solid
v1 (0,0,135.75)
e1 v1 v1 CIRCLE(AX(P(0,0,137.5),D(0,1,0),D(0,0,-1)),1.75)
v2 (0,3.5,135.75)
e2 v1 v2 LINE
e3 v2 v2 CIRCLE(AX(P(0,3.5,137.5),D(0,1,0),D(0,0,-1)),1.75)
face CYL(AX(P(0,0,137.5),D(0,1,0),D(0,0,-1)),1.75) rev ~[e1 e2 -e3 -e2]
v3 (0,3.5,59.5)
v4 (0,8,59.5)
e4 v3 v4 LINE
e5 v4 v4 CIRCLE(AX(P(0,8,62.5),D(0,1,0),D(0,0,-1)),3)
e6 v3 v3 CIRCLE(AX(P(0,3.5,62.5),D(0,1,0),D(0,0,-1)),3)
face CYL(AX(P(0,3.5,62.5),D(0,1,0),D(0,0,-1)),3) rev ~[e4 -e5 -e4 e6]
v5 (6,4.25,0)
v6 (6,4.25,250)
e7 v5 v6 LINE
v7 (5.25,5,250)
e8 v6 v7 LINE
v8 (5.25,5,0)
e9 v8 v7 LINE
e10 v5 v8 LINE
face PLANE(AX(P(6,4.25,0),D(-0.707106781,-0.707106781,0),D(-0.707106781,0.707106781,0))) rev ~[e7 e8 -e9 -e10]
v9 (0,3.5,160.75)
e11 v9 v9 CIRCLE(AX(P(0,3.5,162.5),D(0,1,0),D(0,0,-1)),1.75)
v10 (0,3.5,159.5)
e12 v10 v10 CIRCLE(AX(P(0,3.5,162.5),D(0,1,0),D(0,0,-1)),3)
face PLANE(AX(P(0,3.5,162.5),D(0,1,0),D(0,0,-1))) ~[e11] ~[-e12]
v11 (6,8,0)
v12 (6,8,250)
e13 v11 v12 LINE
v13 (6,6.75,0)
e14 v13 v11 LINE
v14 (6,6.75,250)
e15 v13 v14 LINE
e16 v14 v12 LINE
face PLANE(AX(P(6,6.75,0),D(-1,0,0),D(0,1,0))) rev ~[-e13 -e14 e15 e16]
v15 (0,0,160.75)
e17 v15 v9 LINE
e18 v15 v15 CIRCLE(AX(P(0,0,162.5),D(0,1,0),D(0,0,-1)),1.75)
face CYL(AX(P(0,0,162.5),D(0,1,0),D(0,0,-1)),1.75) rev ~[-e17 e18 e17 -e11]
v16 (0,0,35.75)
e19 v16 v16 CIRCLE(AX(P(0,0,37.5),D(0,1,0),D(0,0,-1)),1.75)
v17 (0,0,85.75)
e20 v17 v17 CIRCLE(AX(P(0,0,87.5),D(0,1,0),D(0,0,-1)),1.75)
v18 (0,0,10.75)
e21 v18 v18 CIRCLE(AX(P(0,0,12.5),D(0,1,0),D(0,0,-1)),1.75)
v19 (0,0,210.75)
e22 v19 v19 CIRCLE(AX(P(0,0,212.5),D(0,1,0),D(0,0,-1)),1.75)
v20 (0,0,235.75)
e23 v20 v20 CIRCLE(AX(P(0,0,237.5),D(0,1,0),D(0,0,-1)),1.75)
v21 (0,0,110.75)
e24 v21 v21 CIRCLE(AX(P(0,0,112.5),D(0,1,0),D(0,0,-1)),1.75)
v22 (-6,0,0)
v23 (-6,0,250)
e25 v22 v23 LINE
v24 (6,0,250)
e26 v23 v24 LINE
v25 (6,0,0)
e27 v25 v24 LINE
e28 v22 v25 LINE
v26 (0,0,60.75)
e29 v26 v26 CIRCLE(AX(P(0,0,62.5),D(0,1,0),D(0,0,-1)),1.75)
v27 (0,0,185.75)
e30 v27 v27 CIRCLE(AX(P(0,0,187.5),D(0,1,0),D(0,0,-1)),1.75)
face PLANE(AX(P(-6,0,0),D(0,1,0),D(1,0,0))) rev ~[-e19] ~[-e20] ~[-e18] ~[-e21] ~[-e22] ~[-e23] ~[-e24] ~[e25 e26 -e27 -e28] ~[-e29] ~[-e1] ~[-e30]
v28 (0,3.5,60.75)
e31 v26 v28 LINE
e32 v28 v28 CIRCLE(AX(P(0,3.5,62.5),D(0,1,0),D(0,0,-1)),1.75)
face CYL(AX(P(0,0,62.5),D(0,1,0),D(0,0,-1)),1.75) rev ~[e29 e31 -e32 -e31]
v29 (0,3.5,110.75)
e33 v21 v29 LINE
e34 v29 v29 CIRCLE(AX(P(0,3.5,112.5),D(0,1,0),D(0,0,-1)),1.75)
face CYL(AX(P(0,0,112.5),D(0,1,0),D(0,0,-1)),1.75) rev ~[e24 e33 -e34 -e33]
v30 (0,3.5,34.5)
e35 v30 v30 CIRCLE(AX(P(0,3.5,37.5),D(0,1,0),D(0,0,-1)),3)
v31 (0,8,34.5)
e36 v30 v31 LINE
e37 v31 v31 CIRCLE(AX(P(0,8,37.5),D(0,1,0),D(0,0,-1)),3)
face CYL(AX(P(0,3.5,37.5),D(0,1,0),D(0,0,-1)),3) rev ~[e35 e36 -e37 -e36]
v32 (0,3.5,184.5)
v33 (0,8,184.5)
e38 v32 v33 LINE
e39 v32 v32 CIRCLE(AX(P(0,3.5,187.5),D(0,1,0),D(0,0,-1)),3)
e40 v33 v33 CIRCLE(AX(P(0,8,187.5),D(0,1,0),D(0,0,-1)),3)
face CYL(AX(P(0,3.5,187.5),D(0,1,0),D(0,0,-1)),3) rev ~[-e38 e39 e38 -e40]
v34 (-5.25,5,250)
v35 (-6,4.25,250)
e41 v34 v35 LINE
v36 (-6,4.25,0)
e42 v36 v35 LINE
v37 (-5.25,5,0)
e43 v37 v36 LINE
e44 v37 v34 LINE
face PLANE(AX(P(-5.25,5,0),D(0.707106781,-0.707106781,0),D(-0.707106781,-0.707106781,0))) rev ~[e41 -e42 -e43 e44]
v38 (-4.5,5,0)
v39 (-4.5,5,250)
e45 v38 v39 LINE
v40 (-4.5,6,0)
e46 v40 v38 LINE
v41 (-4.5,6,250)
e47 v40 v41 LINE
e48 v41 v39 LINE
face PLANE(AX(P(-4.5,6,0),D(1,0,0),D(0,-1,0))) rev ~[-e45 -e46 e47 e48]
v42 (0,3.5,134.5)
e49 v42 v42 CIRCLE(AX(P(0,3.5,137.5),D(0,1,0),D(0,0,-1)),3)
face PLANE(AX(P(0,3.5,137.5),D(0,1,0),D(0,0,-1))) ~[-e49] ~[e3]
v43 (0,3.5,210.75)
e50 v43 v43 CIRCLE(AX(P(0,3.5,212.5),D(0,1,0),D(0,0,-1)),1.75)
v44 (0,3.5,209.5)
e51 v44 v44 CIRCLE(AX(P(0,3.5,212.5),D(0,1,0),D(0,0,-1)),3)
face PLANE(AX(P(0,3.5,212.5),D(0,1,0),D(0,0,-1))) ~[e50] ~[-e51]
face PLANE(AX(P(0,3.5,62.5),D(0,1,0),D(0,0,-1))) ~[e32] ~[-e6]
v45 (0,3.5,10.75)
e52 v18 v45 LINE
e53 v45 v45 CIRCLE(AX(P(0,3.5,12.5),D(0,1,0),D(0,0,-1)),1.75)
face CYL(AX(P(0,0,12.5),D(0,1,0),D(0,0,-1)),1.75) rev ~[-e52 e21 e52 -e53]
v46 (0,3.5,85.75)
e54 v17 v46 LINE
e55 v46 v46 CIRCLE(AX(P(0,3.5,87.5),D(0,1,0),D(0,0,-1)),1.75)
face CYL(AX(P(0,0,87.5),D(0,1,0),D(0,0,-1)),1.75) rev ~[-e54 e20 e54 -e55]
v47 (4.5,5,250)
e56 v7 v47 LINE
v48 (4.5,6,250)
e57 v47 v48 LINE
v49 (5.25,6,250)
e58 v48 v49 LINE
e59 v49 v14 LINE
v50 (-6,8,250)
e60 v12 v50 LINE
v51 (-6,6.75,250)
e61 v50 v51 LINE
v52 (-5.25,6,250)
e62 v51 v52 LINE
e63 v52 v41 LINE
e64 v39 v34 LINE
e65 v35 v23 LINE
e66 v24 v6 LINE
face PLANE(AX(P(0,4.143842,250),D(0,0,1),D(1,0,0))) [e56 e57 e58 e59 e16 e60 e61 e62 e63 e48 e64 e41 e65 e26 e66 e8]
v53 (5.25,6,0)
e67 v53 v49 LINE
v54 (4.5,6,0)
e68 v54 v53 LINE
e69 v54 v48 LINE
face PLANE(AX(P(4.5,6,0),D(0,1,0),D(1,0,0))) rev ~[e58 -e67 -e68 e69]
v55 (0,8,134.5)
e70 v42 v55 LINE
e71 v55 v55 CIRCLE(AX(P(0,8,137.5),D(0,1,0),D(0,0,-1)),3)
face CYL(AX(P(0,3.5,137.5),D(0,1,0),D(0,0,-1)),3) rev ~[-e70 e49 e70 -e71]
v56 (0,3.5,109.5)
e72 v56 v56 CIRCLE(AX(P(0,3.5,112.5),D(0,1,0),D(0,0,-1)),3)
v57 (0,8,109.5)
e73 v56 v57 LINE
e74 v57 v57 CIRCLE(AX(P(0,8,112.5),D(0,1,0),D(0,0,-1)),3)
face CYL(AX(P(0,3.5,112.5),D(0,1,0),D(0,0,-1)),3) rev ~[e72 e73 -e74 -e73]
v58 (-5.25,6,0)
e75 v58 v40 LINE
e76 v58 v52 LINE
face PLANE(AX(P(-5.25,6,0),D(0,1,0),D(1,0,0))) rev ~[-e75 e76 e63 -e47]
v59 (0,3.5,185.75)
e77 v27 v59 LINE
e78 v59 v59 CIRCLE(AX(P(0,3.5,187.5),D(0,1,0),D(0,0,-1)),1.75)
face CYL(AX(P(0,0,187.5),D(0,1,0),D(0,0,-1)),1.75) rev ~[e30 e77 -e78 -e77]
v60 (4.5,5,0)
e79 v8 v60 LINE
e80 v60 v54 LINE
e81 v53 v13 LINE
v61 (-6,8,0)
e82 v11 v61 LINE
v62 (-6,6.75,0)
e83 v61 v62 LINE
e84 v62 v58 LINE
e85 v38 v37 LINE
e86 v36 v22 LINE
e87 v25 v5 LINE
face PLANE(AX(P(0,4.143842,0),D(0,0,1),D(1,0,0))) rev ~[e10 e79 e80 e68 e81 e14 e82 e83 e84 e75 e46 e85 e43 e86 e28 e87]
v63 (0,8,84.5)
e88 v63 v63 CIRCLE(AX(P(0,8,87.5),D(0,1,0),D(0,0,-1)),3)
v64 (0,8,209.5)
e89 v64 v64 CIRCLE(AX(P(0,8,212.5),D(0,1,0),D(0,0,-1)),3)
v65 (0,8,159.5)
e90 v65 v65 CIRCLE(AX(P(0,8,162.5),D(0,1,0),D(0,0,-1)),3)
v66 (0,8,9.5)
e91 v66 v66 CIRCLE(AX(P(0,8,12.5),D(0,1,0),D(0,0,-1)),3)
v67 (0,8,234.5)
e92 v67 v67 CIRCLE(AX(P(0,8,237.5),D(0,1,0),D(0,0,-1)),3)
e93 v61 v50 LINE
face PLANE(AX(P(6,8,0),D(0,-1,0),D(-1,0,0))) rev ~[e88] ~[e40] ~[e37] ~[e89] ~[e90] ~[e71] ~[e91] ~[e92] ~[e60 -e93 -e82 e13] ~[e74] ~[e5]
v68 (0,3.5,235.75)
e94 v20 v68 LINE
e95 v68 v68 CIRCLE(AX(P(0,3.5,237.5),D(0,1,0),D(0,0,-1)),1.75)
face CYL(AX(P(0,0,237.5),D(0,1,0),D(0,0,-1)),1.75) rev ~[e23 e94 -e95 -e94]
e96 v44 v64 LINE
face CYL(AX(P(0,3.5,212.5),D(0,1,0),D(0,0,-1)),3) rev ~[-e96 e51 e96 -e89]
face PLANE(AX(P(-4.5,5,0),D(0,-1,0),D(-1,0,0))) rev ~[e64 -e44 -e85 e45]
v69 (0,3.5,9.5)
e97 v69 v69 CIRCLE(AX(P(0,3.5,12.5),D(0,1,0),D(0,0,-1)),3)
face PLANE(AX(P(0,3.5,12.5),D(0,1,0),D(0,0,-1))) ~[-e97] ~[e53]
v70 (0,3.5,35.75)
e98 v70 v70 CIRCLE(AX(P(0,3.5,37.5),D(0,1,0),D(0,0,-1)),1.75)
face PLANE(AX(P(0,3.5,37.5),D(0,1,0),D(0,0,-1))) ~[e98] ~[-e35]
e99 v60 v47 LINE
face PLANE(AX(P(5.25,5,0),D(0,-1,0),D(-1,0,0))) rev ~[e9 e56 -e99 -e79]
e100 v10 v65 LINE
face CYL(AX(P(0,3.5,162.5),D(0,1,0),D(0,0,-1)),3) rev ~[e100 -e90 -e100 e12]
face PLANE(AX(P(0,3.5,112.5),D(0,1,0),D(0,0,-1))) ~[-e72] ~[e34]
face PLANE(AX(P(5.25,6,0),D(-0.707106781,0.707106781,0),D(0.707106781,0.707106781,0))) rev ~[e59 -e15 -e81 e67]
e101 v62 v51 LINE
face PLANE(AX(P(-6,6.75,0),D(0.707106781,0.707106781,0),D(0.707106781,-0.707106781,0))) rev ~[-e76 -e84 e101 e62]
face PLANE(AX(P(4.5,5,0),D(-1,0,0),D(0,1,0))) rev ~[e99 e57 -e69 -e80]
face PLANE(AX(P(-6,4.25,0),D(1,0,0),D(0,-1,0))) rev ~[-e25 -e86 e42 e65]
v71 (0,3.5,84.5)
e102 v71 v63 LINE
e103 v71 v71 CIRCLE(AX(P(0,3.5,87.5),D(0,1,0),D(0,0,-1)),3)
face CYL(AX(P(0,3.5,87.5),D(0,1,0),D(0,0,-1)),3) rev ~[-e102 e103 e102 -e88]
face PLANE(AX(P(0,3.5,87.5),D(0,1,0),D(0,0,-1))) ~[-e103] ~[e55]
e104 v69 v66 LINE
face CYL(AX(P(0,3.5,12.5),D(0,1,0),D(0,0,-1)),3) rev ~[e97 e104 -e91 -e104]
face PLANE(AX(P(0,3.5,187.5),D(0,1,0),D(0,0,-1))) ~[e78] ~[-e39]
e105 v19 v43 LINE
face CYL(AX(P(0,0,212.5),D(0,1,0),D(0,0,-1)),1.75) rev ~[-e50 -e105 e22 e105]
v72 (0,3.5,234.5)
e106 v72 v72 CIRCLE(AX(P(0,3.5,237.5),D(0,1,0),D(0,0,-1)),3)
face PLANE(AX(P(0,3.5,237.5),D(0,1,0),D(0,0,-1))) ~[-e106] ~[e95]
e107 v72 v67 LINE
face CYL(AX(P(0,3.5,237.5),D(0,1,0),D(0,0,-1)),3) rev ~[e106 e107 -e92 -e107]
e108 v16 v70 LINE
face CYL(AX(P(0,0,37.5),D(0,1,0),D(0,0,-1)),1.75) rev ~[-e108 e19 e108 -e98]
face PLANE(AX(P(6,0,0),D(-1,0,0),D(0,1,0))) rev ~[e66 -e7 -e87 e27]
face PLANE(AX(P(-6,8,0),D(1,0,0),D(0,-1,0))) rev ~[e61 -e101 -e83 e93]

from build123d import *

# Parameters (mm, degrees)
BOSS_EXTRUDE1_DEPTH = 250
LPATTERN1_COUNT     = 10
LPATTERN1_PITCH     = 25


with BuildPart() as part:
    # Sketch1 → Boss-Extrude1 (new body)
    with BuildSketch(Plane.XY):
        Polygon((-6, 0), (6, 0), (6, 4.25), (5.25, 5), (4.5, 5), (4.5, 6), (5.25, 6), (6, 6.75), (6, 8), (-6, 8), (-6, 6.75), (-5.25, 6), (-4.5, 6), (-4.5, 5), (-5.25, 5), (-6, 4.25), align=None)
    extrude(amount=BOSS_EXTRUDE1_DEPTH)

    # Sketch2 → Cut-Revolve3 (revolve, cut)
    with BuildSketch(Plane(origin=(0, 0, 0), x_dir=(0, 0, -1), z_dir=(1, 0, 0))):
        Polygon((-10.75, 0), (-10.75, 3.5), (-9.5, 3.5), (-9.5, 8), (-12.5, 8), (-12.5, 0), align=None)
    cut_revolve3 = revolve(axis=Axis((0, 0, 12.5), (0, 1, 0)), mode=Mode.SUBTRACT)

    # LPattern1: Cut-Revolve3 ×10
    with Locations(*[(0, 0, i * LPATTERN1_PITCH) for i in range(1, LPATTERN1_COUNT)]):
        add(cut_revolve3, mode=Mode.SUBTRACT)


solid = part.part
